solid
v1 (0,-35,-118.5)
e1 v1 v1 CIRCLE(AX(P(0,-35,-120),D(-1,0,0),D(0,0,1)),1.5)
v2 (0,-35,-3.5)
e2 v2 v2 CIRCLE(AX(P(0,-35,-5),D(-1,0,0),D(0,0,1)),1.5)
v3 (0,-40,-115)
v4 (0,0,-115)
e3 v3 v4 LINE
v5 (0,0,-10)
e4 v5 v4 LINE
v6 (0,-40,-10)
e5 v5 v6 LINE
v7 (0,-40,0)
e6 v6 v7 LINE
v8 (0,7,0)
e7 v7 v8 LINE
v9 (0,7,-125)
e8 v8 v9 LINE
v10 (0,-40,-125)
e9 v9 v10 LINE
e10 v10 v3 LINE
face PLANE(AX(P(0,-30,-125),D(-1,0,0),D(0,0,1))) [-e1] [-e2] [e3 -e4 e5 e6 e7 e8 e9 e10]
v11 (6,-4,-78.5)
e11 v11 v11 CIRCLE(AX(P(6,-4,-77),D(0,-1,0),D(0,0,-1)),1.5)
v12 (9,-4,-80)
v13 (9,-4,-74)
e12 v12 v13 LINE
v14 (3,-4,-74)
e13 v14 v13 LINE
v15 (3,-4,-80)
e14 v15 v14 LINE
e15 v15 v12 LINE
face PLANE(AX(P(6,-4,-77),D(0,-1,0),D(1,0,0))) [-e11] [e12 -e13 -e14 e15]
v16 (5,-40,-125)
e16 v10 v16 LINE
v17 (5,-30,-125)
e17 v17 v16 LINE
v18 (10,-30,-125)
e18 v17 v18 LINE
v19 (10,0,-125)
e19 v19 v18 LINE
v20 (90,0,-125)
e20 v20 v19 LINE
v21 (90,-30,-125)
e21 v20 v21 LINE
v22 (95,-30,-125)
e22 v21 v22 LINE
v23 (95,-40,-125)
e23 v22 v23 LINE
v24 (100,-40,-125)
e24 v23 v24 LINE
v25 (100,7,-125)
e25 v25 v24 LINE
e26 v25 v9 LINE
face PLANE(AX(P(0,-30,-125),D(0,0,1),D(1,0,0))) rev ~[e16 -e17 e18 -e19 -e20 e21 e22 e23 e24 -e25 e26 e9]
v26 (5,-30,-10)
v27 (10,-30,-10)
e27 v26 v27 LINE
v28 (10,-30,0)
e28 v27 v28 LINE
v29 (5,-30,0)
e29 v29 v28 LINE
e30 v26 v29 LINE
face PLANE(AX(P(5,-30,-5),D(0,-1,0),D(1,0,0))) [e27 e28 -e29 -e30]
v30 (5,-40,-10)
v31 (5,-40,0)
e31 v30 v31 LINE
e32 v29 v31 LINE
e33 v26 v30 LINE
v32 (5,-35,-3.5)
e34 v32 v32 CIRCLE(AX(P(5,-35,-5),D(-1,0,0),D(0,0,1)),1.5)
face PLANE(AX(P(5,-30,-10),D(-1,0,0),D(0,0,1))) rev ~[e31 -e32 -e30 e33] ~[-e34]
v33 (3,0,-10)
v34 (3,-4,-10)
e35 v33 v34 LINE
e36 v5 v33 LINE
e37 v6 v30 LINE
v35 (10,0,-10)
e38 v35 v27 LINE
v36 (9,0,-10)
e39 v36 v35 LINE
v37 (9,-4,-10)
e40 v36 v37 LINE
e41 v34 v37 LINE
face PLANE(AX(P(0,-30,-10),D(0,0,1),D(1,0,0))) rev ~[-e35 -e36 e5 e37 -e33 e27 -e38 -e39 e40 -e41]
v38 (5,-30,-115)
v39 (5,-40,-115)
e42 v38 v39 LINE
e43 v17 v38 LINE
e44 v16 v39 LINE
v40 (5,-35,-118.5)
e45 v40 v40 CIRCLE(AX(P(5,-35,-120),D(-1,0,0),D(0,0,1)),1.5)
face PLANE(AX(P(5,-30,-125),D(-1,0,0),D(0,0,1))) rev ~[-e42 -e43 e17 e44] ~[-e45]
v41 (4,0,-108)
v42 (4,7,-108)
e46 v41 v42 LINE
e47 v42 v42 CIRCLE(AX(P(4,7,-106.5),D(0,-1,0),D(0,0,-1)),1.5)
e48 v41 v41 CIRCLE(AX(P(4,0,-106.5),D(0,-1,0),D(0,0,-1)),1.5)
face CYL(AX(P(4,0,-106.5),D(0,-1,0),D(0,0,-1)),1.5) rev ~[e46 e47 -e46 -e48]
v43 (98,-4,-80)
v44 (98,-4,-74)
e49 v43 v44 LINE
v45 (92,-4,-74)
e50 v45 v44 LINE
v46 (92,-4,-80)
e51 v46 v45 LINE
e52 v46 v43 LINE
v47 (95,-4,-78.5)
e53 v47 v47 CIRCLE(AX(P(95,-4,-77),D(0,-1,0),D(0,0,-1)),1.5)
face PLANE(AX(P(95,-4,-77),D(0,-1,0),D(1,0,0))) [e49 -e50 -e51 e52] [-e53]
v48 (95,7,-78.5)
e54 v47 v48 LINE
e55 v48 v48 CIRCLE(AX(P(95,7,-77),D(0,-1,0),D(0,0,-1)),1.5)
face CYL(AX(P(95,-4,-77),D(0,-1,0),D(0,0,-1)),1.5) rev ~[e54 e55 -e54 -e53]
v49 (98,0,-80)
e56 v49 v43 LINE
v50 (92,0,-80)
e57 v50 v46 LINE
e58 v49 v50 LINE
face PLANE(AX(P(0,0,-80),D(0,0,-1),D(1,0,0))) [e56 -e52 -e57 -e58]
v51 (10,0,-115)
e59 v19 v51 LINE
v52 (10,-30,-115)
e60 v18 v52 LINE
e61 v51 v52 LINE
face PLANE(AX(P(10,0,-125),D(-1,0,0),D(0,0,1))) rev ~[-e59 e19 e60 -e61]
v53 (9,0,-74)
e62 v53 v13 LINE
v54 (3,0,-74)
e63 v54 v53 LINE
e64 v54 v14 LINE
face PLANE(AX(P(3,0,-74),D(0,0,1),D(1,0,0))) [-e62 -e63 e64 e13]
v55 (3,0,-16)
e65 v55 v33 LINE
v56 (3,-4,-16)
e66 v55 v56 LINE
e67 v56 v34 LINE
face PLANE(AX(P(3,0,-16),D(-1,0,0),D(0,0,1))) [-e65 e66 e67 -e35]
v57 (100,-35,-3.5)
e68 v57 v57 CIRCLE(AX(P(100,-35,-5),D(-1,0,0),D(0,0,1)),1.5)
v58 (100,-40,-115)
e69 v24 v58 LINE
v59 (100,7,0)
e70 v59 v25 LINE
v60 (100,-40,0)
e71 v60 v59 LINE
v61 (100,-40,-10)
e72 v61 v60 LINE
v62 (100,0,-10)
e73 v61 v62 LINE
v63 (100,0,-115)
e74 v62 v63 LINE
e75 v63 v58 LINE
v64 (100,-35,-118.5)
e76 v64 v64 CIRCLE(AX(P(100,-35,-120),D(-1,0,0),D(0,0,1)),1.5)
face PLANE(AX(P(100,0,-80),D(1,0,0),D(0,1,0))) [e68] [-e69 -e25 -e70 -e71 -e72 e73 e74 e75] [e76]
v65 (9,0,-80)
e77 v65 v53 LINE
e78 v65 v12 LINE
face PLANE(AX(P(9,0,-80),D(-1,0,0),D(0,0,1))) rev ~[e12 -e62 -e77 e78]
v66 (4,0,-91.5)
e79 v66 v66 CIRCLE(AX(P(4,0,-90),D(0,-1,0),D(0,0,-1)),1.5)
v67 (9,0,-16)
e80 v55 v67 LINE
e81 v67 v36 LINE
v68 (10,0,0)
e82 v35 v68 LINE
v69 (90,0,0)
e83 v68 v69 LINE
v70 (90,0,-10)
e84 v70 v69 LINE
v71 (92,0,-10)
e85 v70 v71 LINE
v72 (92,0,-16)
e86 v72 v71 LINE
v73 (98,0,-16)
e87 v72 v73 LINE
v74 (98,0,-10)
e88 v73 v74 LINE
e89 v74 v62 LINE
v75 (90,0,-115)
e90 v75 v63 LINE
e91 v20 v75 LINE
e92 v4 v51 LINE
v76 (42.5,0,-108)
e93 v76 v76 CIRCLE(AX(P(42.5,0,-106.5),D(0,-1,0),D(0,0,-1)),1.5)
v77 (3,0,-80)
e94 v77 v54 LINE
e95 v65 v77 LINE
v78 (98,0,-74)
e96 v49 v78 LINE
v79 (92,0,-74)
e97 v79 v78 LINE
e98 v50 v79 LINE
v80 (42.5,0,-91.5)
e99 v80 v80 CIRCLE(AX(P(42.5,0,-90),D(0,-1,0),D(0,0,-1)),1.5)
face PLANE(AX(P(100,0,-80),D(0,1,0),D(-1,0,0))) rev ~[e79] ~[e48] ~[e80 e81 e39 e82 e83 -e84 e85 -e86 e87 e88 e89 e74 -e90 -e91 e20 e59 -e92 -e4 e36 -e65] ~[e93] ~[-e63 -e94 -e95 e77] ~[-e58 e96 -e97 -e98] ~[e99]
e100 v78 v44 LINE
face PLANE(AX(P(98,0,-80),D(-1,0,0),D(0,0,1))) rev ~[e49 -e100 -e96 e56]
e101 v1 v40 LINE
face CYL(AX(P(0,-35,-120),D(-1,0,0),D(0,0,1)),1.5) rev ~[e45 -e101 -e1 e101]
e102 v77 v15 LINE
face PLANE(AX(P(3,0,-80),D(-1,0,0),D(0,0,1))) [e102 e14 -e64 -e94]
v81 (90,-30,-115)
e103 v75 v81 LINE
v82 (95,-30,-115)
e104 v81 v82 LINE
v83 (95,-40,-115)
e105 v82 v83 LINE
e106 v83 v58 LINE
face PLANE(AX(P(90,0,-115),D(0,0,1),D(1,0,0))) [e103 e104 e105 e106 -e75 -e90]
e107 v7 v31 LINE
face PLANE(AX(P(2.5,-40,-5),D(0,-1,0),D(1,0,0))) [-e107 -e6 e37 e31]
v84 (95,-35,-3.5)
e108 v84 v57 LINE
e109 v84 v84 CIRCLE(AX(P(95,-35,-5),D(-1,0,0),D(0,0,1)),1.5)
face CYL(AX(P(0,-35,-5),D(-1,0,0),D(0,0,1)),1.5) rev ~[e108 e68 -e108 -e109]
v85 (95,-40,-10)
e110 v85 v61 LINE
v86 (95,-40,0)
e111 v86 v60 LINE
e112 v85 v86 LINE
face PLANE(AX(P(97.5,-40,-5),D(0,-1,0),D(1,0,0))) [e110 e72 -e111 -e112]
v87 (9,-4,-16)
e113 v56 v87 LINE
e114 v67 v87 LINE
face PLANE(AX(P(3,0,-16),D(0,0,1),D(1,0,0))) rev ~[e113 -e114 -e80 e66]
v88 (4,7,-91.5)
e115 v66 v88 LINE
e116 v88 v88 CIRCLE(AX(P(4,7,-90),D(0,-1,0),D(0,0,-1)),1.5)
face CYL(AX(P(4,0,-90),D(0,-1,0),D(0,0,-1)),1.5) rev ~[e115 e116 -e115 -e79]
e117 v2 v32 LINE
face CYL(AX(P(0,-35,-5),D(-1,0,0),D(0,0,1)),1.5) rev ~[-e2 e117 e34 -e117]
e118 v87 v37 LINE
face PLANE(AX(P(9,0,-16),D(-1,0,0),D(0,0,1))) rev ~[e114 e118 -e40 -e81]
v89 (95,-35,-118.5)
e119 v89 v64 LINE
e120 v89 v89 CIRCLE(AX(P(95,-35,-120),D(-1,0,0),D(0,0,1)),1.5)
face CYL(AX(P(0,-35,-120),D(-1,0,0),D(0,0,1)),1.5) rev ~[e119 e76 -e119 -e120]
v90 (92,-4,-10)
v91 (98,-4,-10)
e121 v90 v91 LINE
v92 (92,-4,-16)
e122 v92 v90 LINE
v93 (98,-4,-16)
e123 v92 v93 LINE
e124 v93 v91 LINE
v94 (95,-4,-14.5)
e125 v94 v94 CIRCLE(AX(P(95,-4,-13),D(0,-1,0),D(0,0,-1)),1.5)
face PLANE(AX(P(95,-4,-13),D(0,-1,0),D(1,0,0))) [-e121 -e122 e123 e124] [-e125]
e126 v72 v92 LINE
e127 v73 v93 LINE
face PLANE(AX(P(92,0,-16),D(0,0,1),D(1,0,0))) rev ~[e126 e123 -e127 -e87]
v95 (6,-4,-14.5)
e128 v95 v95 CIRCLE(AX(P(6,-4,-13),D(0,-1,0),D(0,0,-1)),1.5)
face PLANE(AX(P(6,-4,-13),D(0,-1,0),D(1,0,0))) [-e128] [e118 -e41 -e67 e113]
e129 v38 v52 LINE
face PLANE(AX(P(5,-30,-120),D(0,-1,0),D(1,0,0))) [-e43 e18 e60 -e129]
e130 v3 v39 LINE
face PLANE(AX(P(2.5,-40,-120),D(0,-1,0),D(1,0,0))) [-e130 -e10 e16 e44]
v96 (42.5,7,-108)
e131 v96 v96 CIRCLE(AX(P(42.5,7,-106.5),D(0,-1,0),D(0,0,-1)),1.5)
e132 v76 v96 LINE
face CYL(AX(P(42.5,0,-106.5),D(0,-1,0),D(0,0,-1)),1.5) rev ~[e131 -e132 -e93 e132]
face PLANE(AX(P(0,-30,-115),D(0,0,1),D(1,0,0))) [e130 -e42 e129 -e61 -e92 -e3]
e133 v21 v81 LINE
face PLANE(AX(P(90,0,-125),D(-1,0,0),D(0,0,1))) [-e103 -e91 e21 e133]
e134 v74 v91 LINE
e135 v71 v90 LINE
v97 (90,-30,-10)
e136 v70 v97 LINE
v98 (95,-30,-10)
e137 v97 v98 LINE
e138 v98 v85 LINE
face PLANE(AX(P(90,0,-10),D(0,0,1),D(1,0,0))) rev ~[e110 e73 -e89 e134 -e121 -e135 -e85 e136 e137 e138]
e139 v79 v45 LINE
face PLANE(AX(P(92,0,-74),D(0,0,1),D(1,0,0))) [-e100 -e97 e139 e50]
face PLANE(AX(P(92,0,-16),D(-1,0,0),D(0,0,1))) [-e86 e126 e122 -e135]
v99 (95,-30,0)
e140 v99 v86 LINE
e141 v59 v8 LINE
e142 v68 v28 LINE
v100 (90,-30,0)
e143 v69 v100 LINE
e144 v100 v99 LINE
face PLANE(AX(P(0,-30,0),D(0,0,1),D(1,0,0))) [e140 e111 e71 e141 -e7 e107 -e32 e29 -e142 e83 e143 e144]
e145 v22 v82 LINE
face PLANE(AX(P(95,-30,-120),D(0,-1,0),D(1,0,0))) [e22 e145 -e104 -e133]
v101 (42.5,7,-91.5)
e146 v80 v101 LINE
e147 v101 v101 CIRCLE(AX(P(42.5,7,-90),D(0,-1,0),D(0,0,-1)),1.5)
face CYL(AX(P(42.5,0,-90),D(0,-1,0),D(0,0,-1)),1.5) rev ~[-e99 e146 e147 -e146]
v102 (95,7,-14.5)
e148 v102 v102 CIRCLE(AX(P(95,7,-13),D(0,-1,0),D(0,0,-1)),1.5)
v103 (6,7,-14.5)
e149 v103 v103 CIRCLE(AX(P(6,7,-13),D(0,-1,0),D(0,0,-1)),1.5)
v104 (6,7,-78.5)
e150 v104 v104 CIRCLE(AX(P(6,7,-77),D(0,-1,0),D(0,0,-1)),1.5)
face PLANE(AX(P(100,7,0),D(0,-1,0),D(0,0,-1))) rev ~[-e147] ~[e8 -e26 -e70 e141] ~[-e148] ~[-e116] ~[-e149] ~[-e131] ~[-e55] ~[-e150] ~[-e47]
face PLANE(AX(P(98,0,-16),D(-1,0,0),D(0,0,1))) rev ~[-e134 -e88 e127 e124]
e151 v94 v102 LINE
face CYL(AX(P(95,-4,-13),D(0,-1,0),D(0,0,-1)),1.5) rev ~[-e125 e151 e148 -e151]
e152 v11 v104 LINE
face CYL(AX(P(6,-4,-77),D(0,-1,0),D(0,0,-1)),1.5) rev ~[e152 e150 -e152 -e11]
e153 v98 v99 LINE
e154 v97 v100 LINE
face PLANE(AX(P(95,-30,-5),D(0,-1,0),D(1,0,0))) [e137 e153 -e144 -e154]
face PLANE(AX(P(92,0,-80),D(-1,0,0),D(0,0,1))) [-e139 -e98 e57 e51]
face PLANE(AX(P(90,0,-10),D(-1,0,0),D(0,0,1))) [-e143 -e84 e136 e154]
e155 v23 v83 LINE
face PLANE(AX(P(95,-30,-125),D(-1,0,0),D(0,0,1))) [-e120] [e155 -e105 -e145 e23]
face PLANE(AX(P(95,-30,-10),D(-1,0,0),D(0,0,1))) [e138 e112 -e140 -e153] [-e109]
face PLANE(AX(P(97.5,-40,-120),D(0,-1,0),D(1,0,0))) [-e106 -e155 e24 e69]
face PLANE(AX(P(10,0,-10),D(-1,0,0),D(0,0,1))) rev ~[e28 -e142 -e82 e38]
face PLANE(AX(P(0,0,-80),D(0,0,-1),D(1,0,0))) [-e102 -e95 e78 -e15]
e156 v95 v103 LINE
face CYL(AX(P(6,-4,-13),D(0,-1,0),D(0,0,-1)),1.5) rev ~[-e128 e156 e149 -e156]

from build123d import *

# Parameters (mm, degrees)
SKETCH2_W           = 100
SKETCH2_H           = 80
BOSS_EXTRUDE1_DEPTH = 10
SKETCH3_W           = 10
SKETCH3_H           = 10
BOSS_EXTRUDE2_DEPTH = 30
SKETCH4_W           = 5
SKETCH4_H           = 10
BOSS_EXTRUDE3_DEPTH = 10
SKETCH5_W           = 6
SKETCH5_H           = 6
BOSS_EXTRUDE4_DEPTH = 4
SKETCH6_R           = 1.5
CUT_EXTRUDE1_DEPTH  = 134.026313187
SKETCH7_W           = 100
SKETCH7_H           = 10
BOSS_EXTRUDE5_DEPTH = 45
SKETCH8_W           = 10
SKETCH8_H           = 10
BOSS_EXTRUDE6_DEPTH = 30
SKETCH9_W           = 5
SKETCH9_H           = 10
BOSS_EXTRUDE7_DEPTH = 10
SKETCH10_R          = 1.5
CUT_EXTRUDE2_DEPTH  = 166
SKETCH11_R          = 1.5
CUT_EXTRUDE3_DEPTH  = 10
CUT_EXTRUDE4_REACH  = 167
SKETCH12_W          = 125
SKETCH12_H          = 3


with BuildPart() as part:
    # Sketch2 → Boss-Extrude1 (new body)
    with BuildSketch(Plane(origin=(0, 0, 0), x_dir=(1, 0, 0), z_dir=(0, 1, 0))):
        with Locations((50, 40)):
            Rectangle(SKETCH2_W, SKETCH2_H)
    extrude(amount=BOSS_EXTRUDE1_DEPTH)

    # Sketch3 → Boss-Extrude2 (add)
    with BuildSketch(Plane.XZ):
        with Locations((95, -5)):
            Rectangle(SKETCH3_W, SKETCH3_H)
        with Locations((5, -5)):
            Rectangle(SKETCH3_W, SKETCH3_H)
    extrude(amount=BOSS_EXTRUDE2_DEPTH)

    # Sketch4 → Boss-Extrude3 (add)
    with BuildSketch(Plane.XZ.offset(30)):
        with Locations((2.5, -5)):
            Rectangle(SKETCH4_W, SKETCH4_H)
        with Locations((97.5, -5)):
            Rectangle(SKETCH4_W, SKETCH4_H)
    extrude(amount=BOSS_EXTRUDE3_DEPTH)

    # Sketch5 → Boss-Extrude4 (add)
    with BuildSketch(Plane.XZ):
        with Locations((6, -13)):
            Rectangle(SKETCH5_W, SKETCH5_H)
        with Locations((95, -13)):
            Rectangle(SKETCH5_W, SKETCH5_H)
        with Locations((95, -77)):
            Rectangle(SKETCH5_W, SKETCH5_H)
        with Locations((6, -77)):
            Rectangle(SKETCH5_W, SKETCH5_H)
    extrude(amount=BOSS_EXTRUDE4_DEPTH)

    # Sketch6 → Cut-Extrude1 (cut, through all)
    with BuildSketch(Plane.XZ.offset(4)):
        with Locations(Location((6, -13, 0), (0, 0, 270))):
            Circle(SKETCH6_R)
        with Locations(Location((95, -13, 0), (0, 0, 270))):
            Circle(SKETCH6_R)
        with Locations(Location((95, -77, 0), (0, 0, 270))):
            Circle(SKETCH6_R)
        with Locations(Location((6, -77, 0), (0, 0, 270))):
            Circle(SKETCH6_R)
    extrude(amount=-CUT_EXTRUDE1_DEPTH, mode=Mode.SUBTRACT)

    # Sketch7 → Boss-Extrude5 (add)
    with BuildSketch(Plane(origin=(0, 0, -80), x_dir=(-1, 0, 0), z_dir=(0, 0, -1))):
        with Locations((-50, 5)):
            Rectangle(SKETCH7_W, SKETCH7_H)
    extrude(amount=BOSS_EXTRUDE5_DEPTH)

    # Sketch8 → Boss-Extrude6 (add)
    with BuildSketch(Plane.XZ):
        with Locations((5, -120)):
            Rectangle(SKETCH8_W, SKETCH8_H)
        with Locations((95, -120)):
            Rectangle(SKETCH8_W, SKETCH8_H)
    extrude(amount=BOSS_EXTRUDE6_DEPTH)

    # Sketch9 → Boss-Extrude7 (add)
    with BuildSketch(Plane.XZ.offset(30)):
        with Locations((2.5, -120)):
            Rectangle(SKETCH9_W, SKETCH9_H)
        with Locations((97.5, -120)):
            Rectangle(SKETCH9_W, SKETCH9_H)
    extrude(amount=BOSS_EXTRUDE7_DEPTH)

    # Sketch10 → Cut-Extrude2 (cut, through all)
    with BuildSketch(Plane.ZY):
        with Locations((-5, -35)):
            Circle(SKETCH10_R)
        with Locations((-120, -35)):
            Circle(SKETCH10_R)
    extrude(amount=-CUT_EXTRUDE2_DEPTH, mode=Mode.SUBTRACT)

    # Sketch11 → Cut-Extrude3 (cut)
    with BuildSketch(Plane.XZ):
        with Locations(Location((4, -106.5, 0), (0, 0, 270))):
            Circle(SKETCH11_R)
        with Locations(Location((4, -90, 0), (0, 0, 270))):
            Circle(SKETCH11_R)
        with Locations(Location((42.5, -106.5, 0), (0, 0, 270))):
            Circle(SKETCH11_R)
        with Locations(Location((42.5, -90, 0), (0, 0, 270))):
            Circle(SKETCH11_R)
    extrude(amount=-CUT_EXTRUDE3_DEPTH, mode=Mode.SUBTRACT)

    # Cut-Extrude4: up to this face of the body (flat: up to its plane)
    cut_extrude4_end = Plane(part.part.faces().sort_by_distance((0, 8.653708798, -62.5))[0])
    # Sketch12 → Cut-Extrude4 (cut, up to the picked face)
    with BuildSketch(Plane(origin=(100, 0, 0), x_dir=(0, 0, -1), z_dir=(1, 0, 0)), mode=Mode.PRIVATE) as cut_extrude4_sk1:
        with Locations((62.5, 8.5)):
            Rectangle(SKETCH12_W, SKETCH12_H)
    cut_extrude4_tool1 = split(extrude(cut_extrude4_sk1.sketch, amount=-CUT_EXTRUDE4_REACH, mode=Mode.PRIVATE), bisect_by=cut_extrude4_end, keep=Keep.BOTH, mode=Mode.PRIVATE)
    add(cut_extrude4_tool1.solids().sort_by(Axis((100, 8.5, -62.5), (-1, 0, 0)))[0], mode=Mode.SUBTRACT)


solid = part.part
